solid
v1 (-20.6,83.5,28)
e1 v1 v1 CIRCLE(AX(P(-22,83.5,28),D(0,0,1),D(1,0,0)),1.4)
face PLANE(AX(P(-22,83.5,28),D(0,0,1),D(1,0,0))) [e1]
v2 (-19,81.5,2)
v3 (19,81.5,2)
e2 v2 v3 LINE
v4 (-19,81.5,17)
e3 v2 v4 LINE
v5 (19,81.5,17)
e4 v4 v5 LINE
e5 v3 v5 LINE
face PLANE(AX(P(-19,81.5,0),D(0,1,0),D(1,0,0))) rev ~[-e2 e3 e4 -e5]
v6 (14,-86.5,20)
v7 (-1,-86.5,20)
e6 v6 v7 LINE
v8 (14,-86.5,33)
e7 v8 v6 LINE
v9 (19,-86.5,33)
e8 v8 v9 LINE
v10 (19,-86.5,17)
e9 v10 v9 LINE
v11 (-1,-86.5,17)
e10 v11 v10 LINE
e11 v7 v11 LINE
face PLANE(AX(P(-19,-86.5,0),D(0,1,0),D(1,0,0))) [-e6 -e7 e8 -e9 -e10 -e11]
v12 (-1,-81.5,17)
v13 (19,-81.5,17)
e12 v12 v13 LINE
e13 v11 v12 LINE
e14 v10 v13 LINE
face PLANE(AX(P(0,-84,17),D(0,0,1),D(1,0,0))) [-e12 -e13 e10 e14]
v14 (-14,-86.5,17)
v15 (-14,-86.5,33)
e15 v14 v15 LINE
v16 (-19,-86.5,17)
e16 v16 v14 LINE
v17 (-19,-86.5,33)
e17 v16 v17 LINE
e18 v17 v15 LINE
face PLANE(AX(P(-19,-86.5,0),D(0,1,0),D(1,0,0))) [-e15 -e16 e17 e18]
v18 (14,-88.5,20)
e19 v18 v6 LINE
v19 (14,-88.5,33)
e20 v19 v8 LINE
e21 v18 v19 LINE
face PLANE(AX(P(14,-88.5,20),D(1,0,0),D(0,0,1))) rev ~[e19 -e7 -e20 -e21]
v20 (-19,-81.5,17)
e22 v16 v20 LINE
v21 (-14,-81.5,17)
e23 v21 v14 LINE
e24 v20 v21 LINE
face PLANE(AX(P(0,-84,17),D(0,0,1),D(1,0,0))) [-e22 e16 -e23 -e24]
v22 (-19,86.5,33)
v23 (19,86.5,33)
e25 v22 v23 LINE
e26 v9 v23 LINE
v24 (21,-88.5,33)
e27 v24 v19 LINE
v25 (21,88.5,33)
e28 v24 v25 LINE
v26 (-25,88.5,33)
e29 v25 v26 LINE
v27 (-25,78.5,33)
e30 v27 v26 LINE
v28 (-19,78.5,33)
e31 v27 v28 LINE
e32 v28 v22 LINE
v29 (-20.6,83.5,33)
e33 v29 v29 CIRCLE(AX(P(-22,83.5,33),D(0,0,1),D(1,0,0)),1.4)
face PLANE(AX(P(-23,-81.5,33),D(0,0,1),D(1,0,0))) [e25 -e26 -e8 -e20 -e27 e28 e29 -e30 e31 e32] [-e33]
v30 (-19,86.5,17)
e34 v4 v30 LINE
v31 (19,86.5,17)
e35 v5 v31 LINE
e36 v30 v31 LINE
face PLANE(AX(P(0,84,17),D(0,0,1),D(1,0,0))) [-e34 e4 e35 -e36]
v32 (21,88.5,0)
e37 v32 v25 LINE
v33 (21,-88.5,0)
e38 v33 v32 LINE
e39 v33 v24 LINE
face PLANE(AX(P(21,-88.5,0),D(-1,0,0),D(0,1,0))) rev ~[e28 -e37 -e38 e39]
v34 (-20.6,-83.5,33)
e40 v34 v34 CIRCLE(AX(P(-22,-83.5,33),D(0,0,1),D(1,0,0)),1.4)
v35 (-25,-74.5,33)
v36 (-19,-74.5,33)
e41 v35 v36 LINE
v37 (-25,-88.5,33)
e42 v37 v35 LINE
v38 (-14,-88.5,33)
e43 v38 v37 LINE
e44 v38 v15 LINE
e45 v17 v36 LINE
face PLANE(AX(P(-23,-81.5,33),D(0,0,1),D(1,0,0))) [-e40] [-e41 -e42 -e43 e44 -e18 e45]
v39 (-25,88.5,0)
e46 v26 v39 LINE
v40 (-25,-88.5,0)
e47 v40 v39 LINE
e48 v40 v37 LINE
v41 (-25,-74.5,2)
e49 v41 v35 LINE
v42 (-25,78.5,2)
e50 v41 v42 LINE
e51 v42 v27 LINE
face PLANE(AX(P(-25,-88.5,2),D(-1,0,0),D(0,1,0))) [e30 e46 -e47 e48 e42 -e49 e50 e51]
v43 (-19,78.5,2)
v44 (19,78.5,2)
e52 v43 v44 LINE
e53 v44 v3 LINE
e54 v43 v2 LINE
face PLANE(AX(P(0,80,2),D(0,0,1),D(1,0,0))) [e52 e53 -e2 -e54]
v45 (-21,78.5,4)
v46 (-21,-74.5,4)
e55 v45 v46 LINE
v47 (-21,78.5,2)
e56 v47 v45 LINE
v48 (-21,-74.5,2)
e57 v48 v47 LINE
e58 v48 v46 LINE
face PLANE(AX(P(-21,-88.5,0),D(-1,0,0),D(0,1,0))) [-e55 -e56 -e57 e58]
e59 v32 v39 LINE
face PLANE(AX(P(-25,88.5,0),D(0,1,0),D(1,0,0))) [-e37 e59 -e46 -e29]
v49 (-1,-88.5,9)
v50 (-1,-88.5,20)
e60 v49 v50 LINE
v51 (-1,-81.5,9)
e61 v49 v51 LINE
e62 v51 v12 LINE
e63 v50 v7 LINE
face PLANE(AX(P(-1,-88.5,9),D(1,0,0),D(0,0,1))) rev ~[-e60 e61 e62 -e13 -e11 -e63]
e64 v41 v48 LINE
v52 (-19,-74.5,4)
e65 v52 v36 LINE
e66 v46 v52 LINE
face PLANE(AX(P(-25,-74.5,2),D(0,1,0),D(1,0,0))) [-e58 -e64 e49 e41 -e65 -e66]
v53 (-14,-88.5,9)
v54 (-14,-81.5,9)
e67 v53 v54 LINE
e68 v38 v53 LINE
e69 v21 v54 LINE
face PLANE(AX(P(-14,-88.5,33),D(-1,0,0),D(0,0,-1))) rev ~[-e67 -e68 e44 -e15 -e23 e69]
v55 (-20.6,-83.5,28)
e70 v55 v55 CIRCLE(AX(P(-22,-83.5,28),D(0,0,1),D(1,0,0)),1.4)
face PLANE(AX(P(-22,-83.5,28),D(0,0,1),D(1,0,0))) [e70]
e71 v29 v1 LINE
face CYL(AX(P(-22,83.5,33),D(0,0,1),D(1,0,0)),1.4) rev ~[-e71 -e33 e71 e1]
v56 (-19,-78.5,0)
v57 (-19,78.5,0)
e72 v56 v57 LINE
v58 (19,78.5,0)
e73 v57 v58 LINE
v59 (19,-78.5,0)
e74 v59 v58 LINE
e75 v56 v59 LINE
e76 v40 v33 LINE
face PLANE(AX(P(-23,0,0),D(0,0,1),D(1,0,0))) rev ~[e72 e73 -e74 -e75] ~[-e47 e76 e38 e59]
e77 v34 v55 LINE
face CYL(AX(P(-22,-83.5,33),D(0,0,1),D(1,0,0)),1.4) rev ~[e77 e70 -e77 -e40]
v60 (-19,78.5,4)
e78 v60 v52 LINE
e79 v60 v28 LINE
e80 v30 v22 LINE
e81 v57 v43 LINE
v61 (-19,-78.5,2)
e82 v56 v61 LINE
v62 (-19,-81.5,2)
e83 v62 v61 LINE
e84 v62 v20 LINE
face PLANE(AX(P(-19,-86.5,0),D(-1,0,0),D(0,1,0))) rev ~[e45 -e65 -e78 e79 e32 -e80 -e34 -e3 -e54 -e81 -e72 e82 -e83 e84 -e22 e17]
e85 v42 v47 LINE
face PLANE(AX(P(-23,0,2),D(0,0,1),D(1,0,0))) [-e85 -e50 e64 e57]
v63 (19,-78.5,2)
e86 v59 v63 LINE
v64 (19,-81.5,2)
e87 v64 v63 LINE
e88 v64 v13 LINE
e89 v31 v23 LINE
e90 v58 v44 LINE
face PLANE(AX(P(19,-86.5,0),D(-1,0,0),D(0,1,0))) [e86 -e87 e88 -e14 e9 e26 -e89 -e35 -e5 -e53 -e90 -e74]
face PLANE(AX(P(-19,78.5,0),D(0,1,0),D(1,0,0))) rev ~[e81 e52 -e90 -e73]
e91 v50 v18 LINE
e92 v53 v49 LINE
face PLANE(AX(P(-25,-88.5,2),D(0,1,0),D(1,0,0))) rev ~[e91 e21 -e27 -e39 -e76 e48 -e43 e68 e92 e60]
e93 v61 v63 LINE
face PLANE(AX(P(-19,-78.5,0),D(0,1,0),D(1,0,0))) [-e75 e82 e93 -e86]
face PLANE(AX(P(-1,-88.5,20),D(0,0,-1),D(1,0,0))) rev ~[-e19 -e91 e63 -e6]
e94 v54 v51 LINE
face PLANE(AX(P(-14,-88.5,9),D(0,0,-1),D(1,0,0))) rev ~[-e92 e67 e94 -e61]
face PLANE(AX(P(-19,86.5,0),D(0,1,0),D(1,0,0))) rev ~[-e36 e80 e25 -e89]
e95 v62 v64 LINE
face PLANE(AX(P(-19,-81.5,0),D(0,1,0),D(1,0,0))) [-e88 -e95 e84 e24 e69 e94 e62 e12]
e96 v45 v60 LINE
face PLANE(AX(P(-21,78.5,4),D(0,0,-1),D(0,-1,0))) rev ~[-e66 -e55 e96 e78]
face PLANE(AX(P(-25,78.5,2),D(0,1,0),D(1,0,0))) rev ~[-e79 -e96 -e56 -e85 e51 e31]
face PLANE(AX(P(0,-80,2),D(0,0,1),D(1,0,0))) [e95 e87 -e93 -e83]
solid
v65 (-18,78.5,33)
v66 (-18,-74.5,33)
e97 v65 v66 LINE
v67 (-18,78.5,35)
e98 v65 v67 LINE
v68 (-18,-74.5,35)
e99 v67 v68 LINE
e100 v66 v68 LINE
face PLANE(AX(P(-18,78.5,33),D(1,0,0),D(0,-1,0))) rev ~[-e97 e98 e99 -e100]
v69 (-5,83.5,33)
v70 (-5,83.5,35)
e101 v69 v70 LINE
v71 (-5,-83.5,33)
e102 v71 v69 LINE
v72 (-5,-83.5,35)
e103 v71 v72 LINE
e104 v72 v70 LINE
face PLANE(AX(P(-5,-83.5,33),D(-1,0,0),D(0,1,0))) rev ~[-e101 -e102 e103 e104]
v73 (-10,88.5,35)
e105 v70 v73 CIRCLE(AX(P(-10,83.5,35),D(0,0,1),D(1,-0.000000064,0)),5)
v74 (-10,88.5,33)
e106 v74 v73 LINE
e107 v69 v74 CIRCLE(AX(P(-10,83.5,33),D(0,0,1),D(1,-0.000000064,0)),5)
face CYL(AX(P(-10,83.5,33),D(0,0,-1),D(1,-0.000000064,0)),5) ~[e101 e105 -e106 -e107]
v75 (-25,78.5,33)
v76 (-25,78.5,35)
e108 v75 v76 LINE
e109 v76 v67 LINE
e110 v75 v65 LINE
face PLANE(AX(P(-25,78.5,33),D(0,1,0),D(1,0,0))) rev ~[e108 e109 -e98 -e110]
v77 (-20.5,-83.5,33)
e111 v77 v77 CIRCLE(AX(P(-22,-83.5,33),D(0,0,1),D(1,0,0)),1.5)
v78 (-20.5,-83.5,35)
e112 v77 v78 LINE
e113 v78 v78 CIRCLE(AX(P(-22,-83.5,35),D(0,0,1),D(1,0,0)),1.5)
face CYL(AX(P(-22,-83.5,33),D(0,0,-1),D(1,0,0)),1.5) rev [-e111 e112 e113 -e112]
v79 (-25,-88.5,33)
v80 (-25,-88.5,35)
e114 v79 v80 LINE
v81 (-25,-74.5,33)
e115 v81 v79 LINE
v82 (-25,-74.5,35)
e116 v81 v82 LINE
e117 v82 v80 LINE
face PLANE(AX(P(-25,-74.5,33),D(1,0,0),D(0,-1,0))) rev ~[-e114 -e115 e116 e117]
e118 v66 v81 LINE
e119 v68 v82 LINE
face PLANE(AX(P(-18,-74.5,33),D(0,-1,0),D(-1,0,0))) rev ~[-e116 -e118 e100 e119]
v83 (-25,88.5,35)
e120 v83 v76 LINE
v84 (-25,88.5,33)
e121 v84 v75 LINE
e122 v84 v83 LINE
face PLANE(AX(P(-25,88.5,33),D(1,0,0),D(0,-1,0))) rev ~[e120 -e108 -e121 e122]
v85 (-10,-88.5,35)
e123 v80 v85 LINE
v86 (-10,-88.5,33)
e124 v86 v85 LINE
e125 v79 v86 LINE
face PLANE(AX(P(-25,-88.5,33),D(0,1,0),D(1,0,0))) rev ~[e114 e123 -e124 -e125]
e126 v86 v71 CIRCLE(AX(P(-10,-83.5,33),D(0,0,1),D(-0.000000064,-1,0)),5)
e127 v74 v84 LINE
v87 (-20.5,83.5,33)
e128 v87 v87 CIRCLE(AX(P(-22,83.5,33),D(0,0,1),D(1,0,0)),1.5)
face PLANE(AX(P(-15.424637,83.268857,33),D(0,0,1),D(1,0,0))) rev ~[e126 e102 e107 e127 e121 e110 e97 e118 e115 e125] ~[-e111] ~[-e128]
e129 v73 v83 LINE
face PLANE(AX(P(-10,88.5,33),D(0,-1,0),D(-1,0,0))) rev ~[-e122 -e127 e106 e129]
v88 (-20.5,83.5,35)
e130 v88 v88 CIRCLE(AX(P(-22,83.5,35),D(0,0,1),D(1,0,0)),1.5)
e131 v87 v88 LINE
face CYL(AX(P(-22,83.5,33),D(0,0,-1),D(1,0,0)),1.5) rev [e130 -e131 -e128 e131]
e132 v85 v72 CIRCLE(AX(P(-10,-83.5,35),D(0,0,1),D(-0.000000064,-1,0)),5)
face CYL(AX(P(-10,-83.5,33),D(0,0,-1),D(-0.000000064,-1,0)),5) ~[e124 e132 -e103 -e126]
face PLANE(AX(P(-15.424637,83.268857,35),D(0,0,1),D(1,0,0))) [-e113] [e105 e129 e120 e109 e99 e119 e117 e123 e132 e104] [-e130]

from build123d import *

# Parameters (mm, degrees)
F0_W      = 42
F0_H      = 177
F0_W_2    = 38
F0_H_2    = 173
F1_DEPTH  = 33
F2_W      = 153
F2_H      = 29
F3_DEPTH  = 5.8
F4_W      = 38
F4_H      = 5
F5_DEPTH  = 17
F6_W      = 4
F6_H      = 177
F6_W_2    = 38
F6_H_2    = 3
F7_DEPTH  = 2
F8_W      = 4
F8_H      = 14
F8_H_2    = 10
F9_DEPTH  = 31
F10_R     = 1.4
F11_DEPTH = 5
F12_W     = 13
F12_H     = 11
F13_DEPTH = 7
F15_R     = 1.5
F15_W     = 13
F15_H     = 15
F15_H_2   = 123
F16_DEPTH = 2


with BuildPart() as f1:
    # F0 (on Top) → F1 (new body)
    with BuildSketch(Plane.XY):
        Rectangle(F0_W, F0_H)
        Rectangle(F0_W_2, F0_H_2, mode=Mode.SUBTRACT)
    extrude(amount=F1_DEPTH)

    # F2 (on face) → F3 (cut)
    with BuildSketch(Plane(origin=(-21, 0, 0), x_dir=(0, -1, 0), z_dir=(-1, 0, 0))):
        with Locations((-2, 18.5)):
            Rectangle(F2_W, F2_H)
    extrude(amount=-F3_DEPTH, mode=Mode.SUBTRACT)

    # F4 (on Top) → F5 (join)
    with BuildSketch(Plane.XY):
        with Locations((0, 84)):
            Rectangle(F4_W, F4_H)
        with Locations((0, -84)):
            Rectangle(F4_W, F4_H)
    extrude(amount=F5_DEPTH)

    # F6 (on Top) → F7 (join)
    with BuildSketch(Plane.XY):
        with Locations((-23, 0)):
            Rectangle(F6_W, F6_H)
        with Locations((0, 80)):
            Rectangle(F6_W_2, F6_H_2)
        with Locations((0, -80)):
            Rectangle(F6_W_2, F6_H_2)
    extrude(amount=F7_DEPTH)

    # F8 (on face) → F9 (join)
    with BuildSketch(Plane.XY.offset(2)):
        with Locations((-23, -81.5)):
            Rectangle(F8_W, F8_H)
        with Locations((-23, 83.5)):
            Rectangle(F8_W, F8_H_2)
    extrude(amount=F9_DEPTH)

    # F10 (on face) → F11 (cut)
    with BuildSketch(Plane.XY.offset(33)):
        with Locations((-22, -83.5)):
            Circle(F10_R)
        with Locations((-22, 83.5)):
            Circle(F10_R)
    extrude(amount=-F11_DEPTH, mode=Mode.SUBTRACT)

    # F12 (on face) → F13 (cut)
    with BuildSketch(Plane.XZ.offset(88.5)):
        Polygon((14, 20), (14, 33), (-14, 33), (-14, 20), (-1, 20), align=None)
        with Locations((-7.5, 14.5)):
            Rectangle(F12_W, F12_H)
    extrude(amount=-F13_DEPTH, mode=Mode.SUBTRACT)


with BuildPart() as f16:
    # F15 (on offset) → F16 (new body)
    with BuildSketch(Plane.XY.offset(33)):
        with BuildLine():
            Line((-10, 88.5), (-25, 88.5))
            Line((-25, 88.5), (-25, 78.5))
            Line((-25, 78.5), (-18, 78.5))
            Line((-18, 78.5), (-5, 78.5))
            Line((-5, 78.5), (-5, 83.5))
            ThreePointArc((-5, 83.5), (-6.464466, 87.035534), (-10, 88.5))
        make_face()
        with Locations((-22, 83.5)):
            Circle(F15_R, mode=Mode.SUBTRACT)
        with Locations((-11.5, 71)):
            Rectangle(F15_W, F15_H)
        with Locations((-11.5, 2)):
            Rectangle(F15_W, F15_H_2)
        with Locations((-11.5, -67)):
            Rectangle(F15_W, F15_H)
        with BuildLine():
            Line((-5, -74.5), (-18, -74.5))
            Line((-18, -74.5), (-25, -74.5))
            Line((-25, -74.5), (-25, -88.5))
            Line((-25, -88.5), (-10, -88.5))
            ThreePointArc((-10, -88.5), (-6.464466, -87.035534), (-5, -83.5))
            Line((-5, -83.5), (-5, -74.5))
        make_face()
        with Locations((-22, -83.5)):
            Circle(F15_R, mode=Mode.SUBTRACT)
    extrude(amount=F16_DEPTH)


solid = Compound([f1.part, f16.part])
